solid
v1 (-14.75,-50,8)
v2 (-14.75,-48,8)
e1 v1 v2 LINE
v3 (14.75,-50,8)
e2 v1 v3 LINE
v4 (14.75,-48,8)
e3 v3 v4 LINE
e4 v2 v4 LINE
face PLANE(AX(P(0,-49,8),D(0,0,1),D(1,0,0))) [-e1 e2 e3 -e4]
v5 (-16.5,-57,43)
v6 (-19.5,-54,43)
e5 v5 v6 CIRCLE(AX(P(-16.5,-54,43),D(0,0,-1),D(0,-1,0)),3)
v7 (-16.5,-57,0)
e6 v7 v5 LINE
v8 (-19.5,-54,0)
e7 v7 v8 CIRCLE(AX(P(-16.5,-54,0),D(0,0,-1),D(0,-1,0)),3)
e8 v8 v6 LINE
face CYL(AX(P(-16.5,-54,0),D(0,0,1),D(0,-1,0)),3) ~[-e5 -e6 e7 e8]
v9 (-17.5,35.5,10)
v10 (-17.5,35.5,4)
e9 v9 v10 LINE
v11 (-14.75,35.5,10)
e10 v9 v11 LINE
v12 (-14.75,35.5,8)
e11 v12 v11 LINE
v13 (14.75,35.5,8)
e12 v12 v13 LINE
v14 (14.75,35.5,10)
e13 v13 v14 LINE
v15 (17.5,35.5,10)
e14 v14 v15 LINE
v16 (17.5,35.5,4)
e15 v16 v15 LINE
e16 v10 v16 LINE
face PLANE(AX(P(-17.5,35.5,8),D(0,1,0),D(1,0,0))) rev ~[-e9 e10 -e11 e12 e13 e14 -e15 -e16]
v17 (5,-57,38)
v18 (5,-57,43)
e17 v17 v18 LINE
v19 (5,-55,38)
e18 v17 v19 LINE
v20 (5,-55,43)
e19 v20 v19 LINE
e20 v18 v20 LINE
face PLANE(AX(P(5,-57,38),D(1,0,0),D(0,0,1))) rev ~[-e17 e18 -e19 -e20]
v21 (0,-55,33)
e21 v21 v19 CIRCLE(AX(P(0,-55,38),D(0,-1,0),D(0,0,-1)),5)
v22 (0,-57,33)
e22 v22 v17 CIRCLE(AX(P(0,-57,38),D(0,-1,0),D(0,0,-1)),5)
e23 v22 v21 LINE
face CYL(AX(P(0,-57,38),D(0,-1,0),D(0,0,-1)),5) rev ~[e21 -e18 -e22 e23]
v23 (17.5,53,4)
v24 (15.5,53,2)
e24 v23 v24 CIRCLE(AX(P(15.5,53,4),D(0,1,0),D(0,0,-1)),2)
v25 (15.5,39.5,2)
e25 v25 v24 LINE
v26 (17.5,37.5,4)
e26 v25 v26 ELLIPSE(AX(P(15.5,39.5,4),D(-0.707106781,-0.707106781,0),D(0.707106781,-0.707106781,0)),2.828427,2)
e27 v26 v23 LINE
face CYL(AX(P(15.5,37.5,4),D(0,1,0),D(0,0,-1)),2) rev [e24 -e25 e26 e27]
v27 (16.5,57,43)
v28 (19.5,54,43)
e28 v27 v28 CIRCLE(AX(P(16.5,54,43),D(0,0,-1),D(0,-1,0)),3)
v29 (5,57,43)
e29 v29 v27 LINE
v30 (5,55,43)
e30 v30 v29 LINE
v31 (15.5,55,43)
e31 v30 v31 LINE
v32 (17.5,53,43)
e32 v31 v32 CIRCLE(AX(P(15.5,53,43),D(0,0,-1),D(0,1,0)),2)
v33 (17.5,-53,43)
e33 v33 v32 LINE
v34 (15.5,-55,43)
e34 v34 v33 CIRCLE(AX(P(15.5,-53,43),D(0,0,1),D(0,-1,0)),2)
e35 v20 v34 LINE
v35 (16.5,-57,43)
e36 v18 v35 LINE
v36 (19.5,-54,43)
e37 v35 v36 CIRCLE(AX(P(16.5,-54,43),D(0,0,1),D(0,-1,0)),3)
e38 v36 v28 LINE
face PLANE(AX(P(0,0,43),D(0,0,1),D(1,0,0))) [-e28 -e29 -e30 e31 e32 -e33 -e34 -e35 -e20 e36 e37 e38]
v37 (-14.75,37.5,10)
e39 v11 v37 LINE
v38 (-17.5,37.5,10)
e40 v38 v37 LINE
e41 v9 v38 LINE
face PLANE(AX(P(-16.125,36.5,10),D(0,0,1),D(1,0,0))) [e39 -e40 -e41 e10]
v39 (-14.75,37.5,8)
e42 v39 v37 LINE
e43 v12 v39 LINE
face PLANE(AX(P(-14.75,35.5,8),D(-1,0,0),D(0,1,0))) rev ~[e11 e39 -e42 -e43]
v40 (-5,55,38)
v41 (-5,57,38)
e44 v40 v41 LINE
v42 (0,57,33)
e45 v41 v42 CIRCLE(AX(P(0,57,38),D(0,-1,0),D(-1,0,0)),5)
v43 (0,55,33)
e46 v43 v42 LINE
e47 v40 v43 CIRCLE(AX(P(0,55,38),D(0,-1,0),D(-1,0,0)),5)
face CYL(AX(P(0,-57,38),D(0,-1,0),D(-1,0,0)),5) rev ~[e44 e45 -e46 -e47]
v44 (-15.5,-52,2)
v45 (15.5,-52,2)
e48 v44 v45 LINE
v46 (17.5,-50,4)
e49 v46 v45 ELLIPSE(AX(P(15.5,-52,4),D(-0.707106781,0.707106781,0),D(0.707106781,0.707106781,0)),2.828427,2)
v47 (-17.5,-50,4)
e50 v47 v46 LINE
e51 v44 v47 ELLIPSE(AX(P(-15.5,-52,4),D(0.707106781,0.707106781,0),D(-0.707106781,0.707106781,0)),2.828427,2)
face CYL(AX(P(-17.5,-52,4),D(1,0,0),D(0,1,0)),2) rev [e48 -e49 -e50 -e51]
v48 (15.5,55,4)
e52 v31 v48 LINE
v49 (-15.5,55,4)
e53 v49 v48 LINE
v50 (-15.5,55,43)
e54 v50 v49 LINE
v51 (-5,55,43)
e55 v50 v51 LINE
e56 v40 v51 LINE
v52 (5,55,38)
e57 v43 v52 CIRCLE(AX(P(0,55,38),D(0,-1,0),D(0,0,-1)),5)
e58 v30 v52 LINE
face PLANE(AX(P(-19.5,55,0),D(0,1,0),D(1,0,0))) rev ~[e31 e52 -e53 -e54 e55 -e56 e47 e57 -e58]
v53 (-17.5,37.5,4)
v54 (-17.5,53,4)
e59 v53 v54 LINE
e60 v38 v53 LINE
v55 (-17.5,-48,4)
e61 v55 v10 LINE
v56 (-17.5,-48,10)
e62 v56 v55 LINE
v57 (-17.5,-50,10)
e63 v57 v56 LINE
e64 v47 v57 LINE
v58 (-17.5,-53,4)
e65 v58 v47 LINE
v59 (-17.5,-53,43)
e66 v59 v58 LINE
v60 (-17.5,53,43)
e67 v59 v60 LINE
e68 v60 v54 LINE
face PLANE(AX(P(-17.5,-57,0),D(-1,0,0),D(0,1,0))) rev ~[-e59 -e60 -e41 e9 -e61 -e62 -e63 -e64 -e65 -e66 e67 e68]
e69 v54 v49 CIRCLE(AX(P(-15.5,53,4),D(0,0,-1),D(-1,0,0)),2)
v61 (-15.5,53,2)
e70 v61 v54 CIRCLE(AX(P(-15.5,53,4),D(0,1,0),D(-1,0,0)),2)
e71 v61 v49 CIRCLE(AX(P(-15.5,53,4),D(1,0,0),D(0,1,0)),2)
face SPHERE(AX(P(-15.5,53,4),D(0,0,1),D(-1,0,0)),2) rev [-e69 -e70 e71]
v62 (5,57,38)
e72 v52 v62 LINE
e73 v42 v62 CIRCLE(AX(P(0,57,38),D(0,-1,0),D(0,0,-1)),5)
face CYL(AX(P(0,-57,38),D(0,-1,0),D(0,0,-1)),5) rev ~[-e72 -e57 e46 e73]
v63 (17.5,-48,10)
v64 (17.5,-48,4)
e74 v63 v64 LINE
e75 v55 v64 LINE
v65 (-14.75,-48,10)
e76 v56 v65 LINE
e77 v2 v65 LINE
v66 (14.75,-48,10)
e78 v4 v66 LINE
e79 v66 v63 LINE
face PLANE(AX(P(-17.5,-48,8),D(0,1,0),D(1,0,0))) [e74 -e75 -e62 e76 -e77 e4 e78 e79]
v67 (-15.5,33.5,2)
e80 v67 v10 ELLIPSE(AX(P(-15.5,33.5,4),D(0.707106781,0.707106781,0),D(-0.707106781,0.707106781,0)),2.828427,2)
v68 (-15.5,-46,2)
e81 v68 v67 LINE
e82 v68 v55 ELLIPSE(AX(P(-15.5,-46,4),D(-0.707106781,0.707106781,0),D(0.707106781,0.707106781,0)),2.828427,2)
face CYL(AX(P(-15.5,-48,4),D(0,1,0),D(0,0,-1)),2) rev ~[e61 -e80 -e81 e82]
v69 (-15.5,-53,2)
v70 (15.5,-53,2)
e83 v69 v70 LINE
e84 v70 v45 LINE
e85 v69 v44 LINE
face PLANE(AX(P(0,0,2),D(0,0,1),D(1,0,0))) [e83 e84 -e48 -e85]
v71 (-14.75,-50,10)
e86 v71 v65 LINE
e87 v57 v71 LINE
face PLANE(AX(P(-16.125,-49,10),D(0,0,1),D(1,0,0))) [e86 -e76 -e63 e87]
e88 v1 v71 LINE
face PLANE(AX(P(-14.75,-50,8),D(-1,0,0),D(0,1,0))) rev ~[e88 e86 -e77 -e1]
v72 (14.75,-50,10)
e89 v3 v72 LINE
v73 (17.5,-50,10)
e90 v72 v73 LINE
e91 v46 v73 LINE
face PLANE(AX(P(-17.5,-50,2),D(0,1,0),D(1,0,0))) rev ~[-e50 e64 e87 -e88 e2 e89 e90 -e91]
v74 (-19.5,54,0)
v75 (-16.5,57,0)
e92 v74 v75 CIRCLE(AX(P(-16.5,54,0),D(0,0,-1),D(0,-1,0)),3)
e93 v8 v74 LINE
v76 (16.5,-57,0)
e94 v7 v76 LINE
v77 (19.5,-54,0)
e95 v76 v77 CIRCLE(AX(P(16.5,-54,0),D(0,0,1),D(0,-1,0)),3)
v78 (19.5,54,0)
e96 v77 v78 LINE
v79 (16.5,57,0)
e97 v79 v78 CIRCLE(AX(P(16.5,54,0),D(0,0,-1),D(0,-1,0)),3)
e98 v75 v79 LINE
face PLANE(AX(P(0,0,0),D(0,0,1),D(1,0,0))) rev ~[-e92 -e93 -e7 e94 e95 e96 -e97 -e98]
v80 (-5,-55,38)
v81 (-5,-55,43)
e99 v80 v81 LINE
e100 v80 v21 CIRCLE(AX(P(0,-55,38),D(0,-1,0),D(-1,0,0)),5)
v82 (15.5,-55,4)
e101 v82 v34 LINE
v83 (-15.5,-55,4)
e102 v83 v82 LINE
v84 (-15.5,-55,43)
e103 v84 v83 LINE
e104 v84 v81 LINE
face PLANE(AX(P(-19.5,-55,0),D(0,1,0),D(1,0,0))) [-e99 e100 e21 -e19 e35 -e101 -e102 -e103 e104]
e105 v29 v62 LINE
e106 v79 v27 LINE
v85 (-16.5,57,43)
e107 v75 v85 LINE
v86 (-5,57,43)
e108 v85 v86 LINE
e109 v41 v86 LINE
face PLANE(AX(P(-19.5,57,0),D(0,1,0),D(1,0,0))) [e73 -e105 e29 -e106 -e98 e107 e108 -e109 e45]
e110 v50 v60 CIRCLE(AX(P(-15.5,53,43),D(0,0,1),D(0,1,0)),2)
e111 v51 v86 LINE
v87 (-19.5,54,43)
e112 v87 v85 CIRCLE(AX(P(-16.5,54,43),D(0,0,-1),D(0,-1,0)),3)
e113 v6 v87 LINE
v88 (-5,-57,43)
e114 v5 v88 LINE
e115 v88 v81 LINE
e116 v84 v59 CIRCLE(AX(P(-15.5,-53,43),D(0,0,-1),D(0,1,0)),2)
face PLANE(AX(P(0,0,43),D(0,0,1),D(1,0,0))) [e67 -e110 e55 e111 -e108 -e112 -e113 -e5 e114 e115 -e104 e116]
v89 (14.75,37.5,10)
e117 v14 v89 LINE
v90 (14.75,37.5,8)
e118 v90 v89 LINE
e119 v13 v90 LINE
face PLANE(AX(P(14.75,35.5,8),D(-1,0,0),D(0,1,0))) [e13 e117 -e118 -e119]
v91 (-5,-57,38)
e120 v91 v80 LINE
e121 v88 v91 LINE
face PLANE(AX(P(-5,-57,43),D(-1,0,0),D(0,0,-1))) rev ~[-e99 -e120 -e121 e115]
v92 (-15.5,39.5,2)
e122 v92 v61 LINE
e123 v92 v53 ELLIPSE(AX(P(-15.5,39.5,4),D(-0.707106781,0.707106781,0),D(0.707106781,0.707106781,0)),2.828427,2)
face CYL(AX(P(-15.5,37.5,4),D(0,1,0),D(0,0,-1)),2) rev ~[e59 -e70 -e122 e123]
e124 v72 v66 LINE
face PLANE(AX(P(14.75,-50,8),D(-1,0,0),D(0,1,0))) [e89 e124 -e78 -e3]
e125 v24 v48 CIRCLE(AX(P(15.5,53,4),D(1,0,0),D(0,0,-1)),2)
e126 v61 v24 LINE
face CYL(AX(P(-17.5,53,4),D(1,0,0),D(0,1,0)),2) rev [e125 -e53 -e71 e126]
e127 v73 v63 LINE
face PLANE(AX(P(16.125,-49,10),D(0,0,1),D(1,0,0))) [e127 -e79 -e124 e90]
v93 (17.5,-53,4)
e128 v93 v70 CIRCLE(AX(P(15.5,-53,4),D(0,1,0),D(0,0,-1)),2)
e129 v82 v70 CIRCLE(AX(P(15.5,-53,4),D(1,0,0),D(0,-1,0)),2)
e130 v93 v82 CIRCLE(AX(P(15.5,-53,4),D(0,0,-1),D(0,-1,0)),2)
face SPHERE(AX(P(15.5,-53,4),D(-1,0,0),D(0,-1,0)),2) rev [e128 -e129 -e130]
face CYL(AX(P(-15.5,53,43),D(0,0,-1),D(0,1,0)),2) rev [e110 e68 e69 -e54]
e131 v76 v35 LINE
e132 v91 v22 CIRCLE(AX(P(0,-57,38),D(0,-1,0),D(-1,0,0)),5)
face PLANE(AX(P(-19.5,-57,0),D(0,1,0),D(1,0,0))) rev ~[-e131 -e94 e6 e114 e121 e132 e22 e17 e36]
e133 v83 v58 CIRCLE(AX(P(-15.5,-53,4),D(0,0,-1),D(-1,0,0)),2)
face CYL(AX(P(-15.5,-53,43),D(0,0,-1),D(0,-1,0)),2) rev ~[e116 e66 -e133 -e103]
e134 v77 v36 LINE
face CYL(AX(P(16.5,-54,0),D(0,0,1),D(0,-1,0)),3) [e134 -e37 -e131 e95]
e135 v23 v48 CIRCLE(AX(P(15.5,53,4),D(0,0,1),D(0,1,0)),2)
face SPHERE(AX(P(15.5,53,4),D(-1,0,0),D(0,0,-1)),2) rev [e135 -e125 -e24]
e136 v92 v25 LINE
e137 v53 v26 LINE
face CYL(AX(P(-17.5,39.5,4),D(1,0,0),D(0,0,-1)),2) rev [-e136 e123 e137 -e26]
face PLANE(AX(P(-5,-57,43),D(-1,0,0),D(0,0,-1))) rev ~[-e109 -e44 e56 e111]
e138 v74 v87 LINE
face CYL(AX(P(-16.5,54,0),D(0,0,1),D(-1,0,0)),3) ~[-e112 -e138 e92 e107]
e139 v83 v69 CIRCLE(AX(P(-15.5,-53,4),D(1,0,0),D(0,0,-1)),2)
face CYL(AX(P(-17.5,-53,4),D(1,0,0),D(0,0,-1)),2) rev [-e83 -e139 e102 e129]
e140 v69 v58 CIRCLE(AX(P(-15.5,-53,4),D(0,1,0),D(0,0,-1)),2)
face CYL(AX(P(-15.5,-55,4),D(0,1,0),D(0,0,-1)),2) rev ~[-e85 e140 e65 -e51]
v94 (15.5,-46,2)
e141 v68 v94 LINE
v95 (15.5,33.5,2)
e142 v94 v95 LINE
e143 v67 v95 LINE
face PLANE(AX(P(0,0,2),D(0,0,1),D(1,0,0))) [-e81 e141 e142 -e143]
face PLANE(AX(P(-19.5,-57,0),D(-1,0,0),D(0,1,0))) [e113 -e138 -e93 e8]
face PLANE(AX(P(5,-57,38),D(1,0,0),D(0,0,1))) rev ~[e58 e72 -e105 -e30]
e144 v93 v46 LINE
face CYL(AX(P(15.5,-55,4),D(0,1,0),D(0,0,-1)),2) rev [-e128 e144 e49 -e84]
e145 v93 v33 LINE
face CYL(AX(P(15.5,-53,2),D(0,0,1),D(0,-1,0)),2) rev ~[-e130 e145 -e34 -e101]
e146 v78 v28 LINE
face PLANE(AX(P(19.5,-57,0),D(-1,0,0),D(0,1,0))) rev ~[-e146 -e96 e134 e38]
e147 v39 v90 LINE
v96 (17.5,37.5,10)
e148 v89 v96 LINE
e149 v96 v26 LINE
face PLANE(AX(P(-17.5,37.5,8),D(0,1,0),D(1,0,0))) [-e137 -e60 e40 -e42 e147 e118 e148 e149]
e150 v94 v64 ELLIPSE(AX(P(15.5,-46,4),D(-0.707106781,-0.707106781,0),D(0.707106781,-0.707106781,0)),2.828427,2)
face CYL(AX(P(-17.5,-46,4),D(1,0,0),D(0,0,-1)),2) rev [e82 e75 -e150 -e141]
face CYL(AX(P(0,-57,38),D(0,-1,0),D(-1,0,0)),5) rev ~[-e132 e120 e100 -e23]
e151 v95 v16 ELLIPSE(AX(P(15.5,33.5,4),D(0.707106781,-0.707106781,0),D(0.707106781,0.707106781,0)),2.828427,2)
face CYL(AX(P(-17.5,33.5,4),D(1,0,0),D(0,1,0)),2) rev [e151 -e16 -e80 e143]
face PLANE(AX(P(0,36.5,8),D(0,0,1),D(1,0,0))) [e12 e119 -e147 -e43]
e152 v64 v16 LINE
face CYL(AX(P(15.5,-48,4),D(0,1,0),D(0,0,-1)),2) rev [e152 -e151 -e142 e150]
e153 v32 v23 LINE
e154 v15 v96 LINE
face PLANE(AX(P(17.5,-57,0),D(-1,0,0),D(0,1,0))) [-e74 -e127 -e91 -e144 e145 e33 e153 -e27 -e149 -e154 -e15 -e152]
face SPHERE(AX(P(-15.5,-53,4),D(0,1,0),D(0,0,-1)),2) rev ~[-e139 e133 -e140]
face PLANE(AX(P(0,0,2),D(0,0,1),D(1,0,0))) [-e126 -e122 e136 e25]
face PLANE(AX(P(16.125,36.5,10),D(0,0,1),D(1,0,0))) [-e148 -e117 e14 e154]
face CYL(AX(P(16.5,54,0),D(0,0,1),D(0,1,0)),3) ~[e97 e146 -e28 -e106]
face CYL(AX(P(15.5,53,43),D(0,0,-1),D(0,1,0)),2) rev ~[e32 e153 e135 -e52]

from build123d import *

# Parameters (mm, degrees)
F4_W      = 39
F4_H      = 114
F5_DEPTH  = 43
F6_T      = -2
F7_W      = 35
F7_H      = 2
F8_DEPTH  = 6
F9_W      = 2.75
F9_H      = 2
F10_DEPTH = 2
F11_R     = 2
F13_DEPTH = 114.001
F14_R     = 3


with BuildPart() as f5:
    # F4 (on Top) → F5 (new body)
    with BuildSketch(Plane.XY):
        Rectangle(F4_W, F4_H)
    extrude(amount=F5_DEPTH)

    # F6
    f6_openings = [f5.faces().sort_by_distance(p)[0] for p in [
        (0, 0, 43),
    ]]
    offset(amount=F6_T, openings=f6_openings)

    # F7 (on face) → F8 (join)
    with BuildSketch(Plane.XY.offset(2)):
        with Locations((0, 36.5)):
            Rectangle(F7_W, F7_H)
        with Locations((0, -49)):
            Rectangle(F7_W, F7_H)
    extrude(amount=F8_DEPTH)

    # F9 (on face) → F10 (join)
    with BuildSketch(Plane.XY.offset(8)):
        with Locations((-16.125, 36.5)):
            Rectangle(F9_W, F9_H)
        with Locations((16.125, 36.5)):
            Rectangle(F9_W, F9_H)
        with Locations((-16.125, -49)):
            Rectangle(F9_W, F9_H)
        with Locations((16.125, -49)):
            Rectangle(F9_W, F9_H)
    extrude(amount=F10_DEPTH)

    # F11
    f11_edges = [f5.edges().sort_by_distance(p)[0] for p in [
        (-17.5, 55, 22.5),
        (-17.5, 46.25, 2),
        (0, 55, 2),
        (-17.5, -6.25, 2),
        (0, -48, 2),
        (-17.5, -52.5, 2),
        (0, -50, 2),
        (0, -55, 2),
        (-17.5, -55, 22.5),
        (17.5, -55, 22.5),
        (17.5, -52.5, 2),
        (17.5, -6.25, 2),
        (0, 37.5, 2),
        (0, 35.5, 2),
        (17.5, 46.25, 2),
        (17.5, 55, 22.5),
    ]]
    fillet(f11_edges, radius=F11_R)

    # F12 (on face) → F13 (cut, through all)
    with BuildSketch(Plane.XZ.offset(57)):
        with BuildLine():
            Line((-5, 43), (-5, 38))
            ThreePointArc((-5, 38), (-3.5355339142, 41.5355338977), (-2.33e-08, 43))
            Line((-2.33e-08, 43), (-5, 43))
        make_face()
        with BuildLine():
            ThreePointArc((-5, 38), (-3.5355339059, 34.4644660941), (0, 33))
            ThreePointArc((0, 33), (3.5355339059, 34.4644660941), (5, 38))
            ThreePointArc((5, 38), (3.5355338977, 41.5355339142), (-2.33e-08, 43))
            ThreePointArc((-2.33e-08, 43), (-3.5355339142, 41.5355338977), (-5, 38))
        make_face()
        with BuildLine():
            ThreePointArc((-2.33e-08, 43), (3.5355338977, 41.5355339142), (5, 38))
            Line((5, 38), (5, 43))
            Line((5, 43), (-2.33e-08, 43))
        make_face()
    extrude(amount=-F13_DEPTH, mode=Mode.SUBTRACT)

    # F14
    f14_edges = [f5.edges().sort_by_distance(p)[0] for p in [
        (19.5, -57, 21.5),
        (19.5, 57, 21.5),
        (-19.5, 57, 21.5),
        (-19.5, -57, 21.5),
    ]]
    fillet(f14_edges, radius=F14_R)


solid = f5.part
